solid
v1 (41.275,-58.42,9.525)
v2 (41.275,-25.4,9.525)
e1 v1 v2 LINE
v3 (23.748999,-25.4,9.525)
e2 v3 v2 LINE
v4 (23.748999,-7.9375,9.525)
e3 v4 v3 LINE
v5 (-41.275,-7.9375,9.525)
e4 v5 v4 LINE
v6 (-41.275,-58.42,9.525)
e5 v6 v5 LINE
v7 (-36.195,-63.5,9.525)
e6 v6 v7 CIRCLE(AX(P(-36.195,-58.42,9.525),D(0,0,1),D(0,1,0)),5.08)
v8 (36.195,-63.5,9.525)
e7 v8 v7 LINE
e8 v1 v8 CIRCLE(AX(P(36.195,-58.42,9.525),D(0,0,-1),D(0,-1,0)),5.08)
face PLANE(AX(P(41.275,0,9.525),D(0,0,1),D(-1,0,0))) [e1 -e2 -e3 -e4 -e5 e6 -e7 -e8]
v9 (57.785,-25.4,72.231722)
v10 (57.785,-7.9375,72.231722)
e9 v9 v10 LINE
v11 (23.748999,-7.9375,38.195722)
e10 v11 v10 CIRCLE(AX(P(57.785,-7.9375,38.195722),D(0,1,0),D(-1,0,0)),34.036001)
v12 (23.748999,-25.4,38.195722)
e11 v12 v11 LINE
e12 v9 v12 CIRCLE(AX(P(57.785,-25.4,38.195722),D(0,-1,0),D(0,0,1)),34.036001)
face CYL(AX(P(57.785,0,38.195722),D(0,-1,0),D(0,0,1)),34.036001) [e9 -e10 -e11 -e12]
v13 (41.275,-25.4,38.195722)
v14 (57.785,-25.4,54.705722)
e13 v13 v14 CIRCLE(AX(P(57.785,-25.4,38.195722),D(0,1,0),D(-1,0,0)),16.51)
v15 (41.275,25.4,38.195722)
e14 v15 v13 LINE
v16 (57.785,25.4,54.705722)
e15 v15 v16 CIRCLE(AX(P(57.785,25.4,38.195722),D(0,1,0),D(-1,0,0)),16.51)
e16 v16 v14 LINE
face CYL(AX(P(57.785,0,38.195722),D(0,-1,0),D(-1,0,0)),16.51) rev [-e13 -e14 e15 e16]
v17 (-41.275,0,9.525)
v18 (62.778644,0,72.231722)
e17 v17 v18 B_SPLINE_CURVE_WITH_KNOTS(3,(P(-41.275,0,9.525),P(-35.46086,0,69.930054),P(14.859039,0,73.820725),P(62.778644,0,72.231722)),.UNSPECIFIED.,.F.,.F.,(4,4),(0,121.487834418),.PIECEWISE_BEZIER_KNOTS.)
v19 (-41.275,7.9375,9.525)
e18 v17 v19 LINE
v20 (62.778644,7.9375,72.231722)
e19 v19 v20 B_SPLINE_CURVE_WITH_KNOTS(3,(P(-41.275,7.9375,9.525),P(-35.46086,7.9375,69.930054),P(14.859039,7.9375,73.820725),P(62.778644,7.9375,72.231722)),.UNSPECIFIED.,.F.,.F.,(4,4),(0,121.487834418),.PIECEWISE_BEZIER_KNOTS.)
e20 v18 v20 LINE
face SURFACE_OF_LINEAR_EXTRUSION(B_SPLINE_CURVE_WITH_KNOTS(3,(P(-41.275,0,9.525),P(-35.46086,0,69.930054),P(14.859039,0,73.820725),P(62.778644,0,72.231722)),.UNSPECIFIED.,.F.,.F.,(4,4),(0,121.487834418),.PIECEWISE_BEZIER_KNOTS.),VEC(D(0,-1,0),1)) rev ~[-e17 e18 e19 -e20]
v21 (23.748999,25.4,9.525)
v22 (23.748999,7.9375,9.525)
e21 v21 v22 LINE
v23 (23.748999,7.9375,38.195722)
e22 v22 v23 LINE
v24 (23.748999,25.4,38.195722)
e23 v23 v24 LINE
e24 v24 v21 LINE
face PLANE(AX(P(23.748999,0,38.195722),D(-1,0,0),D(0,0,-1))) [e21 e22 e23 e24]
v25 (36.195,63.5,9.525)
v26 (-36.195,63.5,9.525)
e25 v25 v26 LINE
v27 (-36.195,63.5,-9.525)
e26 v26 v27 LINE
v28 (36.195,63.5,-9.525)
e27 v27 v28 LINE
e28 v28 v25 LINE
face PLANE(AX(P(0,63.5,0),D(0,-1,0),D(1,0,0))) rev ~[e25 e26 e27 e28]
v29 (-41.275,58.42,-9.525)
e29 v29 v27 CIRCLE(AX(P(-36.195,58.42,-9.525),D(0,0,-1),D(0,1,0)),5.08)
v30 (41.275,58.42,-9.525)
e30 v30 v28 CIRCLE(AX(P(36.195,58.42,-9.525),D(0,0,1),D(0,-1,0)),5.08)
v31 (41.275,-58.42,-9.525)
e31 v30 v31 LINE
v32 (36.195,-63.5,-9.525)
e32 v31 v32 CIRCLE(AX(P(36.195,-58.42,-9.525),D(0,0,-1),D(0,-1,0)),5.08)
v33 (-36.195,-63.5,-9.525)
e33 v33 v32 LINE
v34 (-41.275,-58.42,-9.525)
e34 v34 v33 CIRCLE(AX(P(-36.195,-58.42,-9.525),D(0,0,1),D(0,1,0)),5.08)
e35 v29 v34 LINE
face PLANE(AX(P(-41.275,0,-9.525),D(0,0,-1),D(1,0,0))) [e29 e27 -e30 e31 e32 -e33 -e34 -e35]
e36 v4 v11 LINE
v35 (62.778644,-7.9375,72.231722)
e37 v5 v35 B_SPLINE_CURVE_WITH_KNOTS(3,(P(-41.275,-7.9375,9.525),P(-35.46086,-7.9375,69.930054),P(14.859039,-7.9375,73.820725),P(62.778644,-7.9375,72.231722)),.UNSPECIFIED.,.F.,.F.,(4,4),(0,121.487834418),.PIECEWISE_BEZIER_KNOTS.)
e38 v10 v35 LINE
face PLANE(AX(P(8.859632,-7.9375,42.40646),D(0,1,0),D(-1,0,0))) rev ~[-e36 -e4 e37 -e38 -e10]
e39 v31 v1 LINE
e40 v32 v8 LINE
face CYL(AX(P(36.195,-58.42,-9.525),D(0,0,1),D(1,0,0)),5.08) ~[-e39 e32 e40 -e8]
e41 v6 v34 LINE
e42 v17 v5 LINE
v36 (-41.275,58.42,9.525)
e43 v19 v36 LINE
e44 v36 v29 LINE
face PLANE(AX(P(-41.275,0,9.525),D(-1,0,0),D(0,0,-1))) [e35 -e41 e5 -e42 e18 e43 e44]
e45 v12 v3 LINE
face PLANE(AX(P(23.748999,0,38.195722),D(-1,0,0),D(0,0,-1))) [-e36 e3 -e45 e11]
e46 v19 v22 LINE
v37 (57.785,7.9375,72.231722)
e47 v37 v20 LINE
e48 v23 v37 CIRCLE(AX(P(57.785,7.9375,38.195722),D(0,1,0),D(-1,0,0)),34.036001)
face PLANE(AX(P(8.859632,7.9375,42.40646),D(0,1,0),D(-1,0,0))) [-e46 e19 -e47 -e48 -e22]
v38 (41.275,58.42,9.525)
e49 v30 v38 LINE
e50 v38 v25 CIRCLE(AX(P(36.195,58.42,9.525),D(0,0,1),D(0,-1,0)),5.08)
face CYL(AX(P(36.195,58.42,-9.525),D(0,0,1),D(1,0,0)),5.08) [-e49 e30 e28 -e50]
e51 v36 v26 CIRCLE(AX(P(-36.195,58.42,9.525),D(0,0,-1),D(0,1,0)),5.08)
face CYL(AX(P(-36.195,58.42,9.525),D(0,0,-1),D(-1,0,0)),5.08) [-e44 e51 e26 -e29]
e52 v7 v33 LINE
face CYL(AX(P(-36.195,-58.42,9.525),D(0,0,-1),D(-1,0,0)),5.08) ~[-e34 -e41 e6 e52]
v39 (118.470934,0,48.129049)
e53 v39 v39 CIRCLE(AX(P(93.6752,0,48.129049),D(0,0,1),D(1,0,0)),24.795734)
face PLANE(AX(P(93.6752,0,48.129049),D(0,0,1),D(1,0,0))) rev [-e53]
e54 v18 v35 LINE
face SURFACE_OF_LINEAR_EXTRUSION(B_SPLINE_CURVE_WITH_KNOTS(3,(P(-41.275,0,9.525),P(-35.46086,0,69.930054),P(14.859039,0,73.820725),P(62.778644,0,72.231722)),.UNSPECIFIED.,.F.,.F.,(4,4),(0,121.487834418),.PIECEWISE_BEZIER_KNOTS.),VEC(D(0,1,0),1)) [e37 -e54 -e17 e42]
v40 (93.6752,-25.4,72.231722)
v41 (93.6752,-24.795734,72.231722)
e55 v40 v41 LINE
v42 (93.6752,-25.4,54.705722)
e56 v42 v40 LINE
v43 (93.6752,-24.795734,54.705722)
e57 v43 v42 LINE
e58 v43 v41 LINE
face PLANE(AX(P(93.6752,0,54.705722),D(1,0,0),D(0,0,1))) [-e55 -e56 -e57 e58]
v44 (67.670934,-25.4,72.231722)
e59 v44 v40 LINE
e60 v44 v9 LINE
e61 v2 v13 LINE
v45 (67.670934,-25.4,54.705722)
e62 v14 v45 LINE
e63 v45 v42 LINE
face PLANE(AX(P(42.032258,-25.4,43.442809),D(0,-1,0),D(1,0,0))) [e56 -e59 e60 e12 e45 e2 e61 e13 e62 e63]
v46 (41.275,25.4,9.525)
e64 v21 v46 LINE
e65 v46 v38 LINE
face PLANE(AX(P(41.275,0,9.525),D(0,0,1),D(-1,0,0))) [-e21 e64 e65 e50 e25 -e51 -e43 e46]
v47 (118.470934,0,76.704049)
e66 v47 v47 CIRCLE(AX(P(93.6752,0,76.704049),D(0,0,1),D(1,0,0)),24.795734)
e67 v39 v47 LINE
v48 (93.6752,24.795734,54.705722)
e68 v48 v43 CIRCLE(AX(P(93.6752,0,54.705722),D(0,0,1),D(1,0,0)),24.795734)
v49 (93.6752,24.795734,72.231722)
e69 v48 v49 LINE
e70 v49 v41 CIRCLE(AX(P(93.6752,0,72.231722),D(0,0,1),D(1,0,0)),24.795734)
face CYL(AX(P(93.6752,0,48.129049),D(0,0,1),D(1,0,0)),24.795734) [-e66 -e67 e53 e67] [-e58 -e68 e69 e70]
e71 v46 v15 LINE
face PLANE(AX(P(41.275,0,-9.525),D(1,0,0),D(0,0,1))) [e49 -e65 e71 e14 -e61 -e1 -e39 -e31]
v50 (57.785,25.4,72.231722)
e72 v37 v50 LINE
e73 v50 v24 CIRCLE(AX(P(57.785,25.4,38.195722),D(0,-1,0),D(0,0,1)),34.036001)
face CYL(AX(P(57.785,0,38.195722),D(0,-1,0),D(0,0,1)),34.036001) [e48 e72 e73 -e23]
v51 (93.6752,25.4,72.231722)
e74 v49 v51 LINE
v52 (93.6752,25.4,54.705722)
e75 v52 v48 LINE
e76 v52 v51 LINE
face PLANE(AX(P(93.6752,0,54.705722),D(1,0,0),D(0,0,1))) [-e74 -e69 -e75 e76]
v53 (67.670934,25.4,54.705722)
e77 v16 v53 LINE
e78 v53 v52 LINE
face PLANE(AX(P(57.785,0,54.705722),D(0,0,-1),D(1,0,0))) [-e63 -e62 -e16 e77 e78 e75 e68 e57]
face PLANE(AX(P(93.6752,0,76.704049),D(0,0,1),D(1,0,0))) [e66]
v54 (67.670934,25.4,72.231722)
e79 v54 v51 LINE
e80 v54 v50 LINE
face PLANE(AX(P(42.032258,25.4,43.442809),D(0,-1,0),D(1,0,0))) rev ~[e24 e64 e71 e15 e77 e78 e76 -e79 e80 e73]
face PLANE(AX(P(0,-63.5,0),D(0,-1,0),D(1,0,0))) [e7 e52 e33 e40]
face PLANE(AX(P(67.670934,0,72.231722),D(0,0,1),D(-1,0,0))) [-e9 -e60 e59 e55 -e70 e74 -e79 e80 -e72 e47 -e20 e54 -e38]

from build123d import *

# Parameters (mm, degrees)
F1_DEPTH = 63.5
F0_W     = 26.0042664987
F0_H     = 17.5260005385
F2_DEPTH = 25.4
F3_DEPTH = 7.9375
F5_R     = 5.08


with BuildPart() as f1:
    # F0 (on Front) → F1 (new body, symmetric)
    with BuildSketch(Plane.XZ):
        Polygon((23.7489994615, 9.525), (-41.275, 9.525), (-41.275, -9.525), (41.275, -9.525), (41.275, 9.525), align=None)
    extrude(amount=F1_DEPTH, both=True)

    # F0 (on Front) → F2 (join, symmetric)
    with BuildSketch(Plane.XZ):
        with BuildLine():
            Line((23.7489994615, 38.1957218051), (23.7489994615, 9.525))
            Line((23.7489994615, 9.525), (41.275, 9.525))
            Line((41.275, 9.525), (41.275, 38.1957218051))
            ThreePointArc((41.275, 38.1957218051), (46.1106670426, 49.8700547625), (57.785, 54.7057218051))
            Line((57.785, 54.7057218051), (67.6709335013, 54.7057218051))
            Line((67.6709335013, 54.7057218051), (67.6709335013, 72.2317223436))
            Line((67.6709335013, 72.2317223436), (62.7786442637, 72.2317223436))
            Line((62.7786442637, 72.2317223436), (57.785, 72.2317223436))
            ThreePointArc((57.785, 72.2317223436), (33.7179132148, 62.2628085903), (23.7489994615, 38.1957218051))
        make_face()
        with Locations((80.6730667507, 63.4687220743)):
            Rectangle(F0_W, F0_H)
    extrude(amount=F2_DEPTH, both=True)

    # F0 (on Front) → F3 (join, symmetric)
    with BuildSketch(Plane.XZ):
        with BuildLine():
            add(Edge.make_bspline(
                [(-41.275, 9.525), (-35.4608595371, 69.9300542474), (14.8590393364, 73.8207250834), (62.7786442637, 72.2317223436)],
                knots=[0, 0, 0, 0, 121.4878344183, 121.4878344183, 121.4878344183, 121.4878344183], degree=3))
            Line((-41.275, 9.525), (23.7489994615, 9.525))
            Line((23.7489994615, 9.525), (23.7489994615, 38.1957218051))
            ThreePointArc((23.7489994615, 38.1957218051), (33.7179132148, 62.2628085903), (57.785, 72.2317223436))
            Line((57.785, 72.2317223436), (62.7786442637, 72.2317223436))
        make_face()
    extrude(amount=F3_DEPTH, both=True)

    # F0 (on Front) → F4 (revolve)
    with BuildSketch(Plane.XZ):
        Polygon((93.6752, 76.7040487946), (93.6752, 72.2317223436), (93.6752, 54.7057218051), (93.6752, 48.1290487946), (118.4709335013, 48.1290487946), (118.4709335013, 76.7040487946), align=None)
    revolve(axis=Axis((93.6752, 0, 62.4165487946), (0, 0, 1)))

    # F5
    f5_edges = [f1.edges().sort_by_distance(p)[0] for p in [
        (41.275, 63.5, 0),
        (-41.275, 63.5, 0),
        (-41.275, -63.5, 0),
        (41.275, -63.5, 0),
    ]]
    fillet(f5_edges, radius=F5_R)


solid = f1.part
